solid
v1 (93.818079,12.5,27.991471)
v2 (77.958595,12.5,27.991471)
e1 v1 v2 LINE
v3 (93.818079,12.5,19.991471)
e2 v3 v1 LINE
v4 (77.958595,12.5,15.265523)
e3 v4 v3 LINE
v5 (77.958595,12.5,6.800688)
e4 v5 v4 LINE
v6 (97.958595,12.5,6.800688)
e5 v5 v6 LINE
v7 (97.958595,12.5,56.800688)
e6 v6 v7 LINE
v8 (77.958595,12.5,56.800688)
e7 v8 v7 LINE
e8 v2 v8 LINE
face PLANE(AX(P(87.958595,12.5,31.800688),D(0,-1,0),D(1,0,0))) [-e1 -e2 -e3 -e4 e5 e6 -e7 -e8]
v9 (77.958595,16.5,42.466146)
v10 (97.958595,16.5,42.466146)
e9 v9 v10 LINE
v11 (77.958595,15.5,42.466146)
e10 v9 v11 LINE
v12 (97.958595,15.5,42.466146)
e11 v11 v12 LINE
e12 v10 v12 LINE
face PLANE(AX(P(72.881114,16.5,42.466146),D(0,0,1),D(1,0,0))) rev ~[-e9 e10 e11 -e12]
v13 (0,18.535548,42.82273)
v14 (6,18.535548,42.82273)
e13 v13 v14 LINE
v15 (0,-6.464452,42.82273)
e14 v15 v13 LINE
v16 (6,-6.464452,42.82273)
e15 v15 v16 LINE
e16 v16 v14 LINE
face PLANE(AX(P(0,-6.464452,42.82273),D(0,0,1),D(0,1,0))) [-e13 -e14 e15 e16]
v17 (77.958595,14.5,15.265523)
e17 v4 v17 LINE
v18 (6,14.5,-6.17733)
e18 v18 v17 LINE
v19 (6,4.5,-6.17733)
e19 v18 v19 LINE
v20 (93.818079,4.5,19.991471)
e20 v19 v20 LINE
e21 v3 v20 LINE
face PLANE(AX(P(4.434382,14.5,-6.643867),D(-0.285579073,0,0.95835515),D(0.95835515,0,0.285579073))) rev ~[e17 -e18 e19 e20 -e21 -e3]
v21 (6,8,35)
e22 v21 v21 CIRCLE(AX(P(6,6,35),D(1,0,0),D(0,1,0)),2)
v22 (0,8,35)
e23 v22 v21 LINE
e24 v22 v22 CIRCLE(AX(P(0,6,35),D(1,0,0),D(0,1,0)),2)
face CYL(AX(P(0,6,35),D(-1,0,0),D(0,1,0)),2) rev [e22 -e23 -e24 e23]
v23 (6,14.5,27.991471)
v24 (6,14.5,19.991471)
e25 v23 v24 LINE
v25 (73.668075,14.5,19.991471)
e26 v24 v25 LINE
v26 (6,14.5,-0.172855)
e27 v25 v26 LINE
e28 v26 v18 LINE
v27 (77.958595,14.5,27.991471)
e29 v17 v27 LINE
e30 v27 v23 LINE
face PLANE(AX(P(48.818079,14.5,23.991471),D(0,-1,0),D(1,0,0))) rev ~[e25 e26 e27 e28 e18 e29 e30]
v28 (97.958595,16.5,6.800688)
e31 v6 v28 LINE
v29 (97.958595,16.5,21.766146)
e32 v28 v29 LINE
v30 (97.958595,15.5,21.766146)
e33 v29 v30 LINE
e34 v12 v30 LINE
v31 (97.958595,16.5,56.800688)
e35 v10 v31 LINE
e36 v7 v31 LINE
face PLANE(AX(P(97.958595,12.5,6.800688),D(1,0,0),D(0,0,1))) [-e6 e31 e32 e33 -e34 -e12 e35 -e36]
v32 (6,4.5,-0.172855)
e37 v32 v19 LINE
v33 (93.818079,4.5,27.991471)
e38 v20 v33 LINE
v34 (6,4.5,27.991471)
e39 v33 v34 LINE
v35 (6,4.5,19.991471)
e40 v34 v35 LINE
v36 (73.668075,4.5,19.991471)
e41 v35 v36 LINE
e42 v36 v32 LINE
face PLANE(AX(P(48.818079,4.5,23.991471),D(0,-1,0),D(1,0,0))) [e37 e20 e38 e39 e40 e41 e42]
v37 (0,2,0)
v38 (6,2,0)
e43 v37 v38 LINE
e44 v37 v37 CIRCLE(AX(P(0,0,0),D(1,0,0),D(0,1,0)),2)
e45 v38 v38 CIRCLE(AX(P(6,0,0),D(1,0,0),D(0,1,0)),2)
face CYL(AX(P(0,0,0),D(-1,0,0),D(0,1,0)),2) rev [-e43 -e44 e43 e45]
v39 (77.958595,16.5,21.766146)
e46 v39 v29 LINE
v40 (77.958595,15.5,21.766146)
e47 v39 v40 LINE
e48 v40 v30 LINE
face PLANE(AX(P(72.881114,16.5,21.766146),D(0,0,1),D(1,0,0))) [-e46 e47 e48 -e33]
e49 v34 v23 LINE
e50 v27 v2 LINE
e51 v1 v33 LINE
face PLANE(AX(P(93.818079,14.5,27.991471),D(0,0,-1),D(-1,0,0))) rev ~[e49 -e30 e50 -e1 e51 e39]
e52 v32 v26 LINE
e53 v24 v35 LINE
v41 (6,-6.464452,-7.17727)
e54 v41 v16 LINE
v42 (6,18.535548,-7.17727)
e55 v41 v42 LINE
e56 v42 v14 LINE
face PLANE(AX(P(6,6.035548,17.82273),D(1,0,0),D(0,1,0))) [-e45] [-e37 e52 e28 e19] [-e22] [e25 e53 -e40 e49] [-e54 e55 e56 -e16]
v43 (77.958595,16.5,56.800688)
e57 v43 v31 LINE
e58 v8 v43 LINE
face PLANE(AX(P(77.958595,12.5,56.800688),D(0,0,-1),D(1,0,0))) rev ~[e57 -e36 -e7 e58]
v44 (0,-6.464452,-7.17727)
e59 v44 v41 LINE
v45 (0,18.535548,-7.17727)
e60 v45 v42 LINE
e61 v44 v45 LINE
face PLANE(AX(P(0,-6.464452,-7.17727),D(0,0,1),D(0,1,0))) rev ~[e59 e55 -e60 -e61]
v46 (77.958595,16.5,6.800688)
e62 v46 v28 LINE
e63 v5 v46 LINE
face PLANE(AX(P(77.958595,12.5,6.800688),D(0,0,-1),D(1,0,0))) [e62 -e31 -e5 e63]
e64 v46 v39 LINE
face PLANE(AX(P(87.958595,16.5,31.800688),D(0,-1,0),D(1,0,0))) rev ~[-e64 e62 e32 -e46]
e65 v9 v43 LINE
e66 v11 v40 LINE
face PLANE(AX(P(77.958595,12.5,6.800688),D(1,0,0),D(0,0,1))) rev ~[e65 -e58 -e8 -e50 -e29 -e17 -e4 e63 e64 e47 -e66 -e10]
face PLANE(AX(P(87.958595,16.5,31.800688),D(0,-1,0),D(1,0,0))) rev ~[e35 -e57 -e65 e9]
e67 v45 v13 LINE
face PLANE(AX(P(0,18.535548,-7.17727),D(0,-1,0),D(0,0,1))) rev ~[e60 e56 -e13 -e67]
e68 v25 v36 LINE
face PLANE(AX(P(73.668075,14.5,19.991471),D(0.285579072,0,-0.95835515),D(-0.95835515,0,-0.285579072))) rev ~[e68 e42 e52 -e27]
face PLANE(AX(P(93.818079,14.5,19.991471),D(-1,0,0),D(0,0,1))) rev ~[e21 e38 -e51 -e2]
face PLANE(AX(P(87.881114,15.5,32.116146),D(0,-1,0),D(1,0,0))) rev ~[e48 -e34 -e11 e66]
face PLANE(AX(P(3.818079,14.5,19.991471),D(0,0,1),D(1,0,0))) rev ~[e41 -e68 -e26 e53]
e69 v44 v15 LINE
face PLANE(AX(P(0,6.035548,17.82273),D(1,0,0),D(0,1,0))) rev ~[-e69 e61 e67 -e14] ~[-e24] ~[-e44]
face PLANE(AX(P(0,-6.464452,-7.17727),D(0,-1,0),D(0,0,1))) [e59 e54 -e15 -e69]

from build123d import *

# Parameters (mm, degrees)
F0_W      = 25
F0_H      = 50
F0_R      = 2
F1_DEPTH  = 6
F4_DEPTH  = 10
F6_W      = 20
F6_H      = 50
F7_DEPTH  = 4
F9_W      = 30
F9_H      = 20.7
F10_DEPTH = 1


with BuildPart() as f1:
    # F0 (on Right) → F1 (new body)
    with BuildSketch(Plane.YZ):
        with Locations((6.035548, 17.82273)):
            Rectangle(F0_W, F0_H)
        Circle(F0_R, mode=Mode.SUBTRACT)
        with Locations((6, 35)):
            Circle(F0_R, mode=Mode.SUBTRACT)
    extrude(amount=F1_DEPTH)

    # F3 (on offset) → F4 (join)
    with BuildSketch(Plane.XZ.offset(-14.5)):
        Polygon((93.818079, 27.991471), (3.818079, 27.991471), (3.818079, 19.991471), (73.668075, 19.991471), (93.818079, 19.991471), align=None)
        Polygon((4.434382, -6.643867), (93.818079, 19.991471), (73.668075, 19.991471), (4.434382, -0.639392), align=None)
    extrude(amount=F4_DEPTH)

    # F6 (on offset) → F7 (join)
    with BuildSketch(Plane.XZ.offset(-12.5)):
        with Locations((87.958595, 31.800688)):
            Rectangle(F6_W, F6_H)
    extrude(amount=-F7_DEPTH)

    # F9 (on offset) → F10 (cut)
    with BuildSketch(Plane.XZ.offset(-16.5)):
        with Locations((87.881114, 32.116146)):
            Rectangle(F9_W, F9_H)
    extrude(amount=F10_DEPTH, mode=Mode.SUBTRACT)


solid = f1.part
